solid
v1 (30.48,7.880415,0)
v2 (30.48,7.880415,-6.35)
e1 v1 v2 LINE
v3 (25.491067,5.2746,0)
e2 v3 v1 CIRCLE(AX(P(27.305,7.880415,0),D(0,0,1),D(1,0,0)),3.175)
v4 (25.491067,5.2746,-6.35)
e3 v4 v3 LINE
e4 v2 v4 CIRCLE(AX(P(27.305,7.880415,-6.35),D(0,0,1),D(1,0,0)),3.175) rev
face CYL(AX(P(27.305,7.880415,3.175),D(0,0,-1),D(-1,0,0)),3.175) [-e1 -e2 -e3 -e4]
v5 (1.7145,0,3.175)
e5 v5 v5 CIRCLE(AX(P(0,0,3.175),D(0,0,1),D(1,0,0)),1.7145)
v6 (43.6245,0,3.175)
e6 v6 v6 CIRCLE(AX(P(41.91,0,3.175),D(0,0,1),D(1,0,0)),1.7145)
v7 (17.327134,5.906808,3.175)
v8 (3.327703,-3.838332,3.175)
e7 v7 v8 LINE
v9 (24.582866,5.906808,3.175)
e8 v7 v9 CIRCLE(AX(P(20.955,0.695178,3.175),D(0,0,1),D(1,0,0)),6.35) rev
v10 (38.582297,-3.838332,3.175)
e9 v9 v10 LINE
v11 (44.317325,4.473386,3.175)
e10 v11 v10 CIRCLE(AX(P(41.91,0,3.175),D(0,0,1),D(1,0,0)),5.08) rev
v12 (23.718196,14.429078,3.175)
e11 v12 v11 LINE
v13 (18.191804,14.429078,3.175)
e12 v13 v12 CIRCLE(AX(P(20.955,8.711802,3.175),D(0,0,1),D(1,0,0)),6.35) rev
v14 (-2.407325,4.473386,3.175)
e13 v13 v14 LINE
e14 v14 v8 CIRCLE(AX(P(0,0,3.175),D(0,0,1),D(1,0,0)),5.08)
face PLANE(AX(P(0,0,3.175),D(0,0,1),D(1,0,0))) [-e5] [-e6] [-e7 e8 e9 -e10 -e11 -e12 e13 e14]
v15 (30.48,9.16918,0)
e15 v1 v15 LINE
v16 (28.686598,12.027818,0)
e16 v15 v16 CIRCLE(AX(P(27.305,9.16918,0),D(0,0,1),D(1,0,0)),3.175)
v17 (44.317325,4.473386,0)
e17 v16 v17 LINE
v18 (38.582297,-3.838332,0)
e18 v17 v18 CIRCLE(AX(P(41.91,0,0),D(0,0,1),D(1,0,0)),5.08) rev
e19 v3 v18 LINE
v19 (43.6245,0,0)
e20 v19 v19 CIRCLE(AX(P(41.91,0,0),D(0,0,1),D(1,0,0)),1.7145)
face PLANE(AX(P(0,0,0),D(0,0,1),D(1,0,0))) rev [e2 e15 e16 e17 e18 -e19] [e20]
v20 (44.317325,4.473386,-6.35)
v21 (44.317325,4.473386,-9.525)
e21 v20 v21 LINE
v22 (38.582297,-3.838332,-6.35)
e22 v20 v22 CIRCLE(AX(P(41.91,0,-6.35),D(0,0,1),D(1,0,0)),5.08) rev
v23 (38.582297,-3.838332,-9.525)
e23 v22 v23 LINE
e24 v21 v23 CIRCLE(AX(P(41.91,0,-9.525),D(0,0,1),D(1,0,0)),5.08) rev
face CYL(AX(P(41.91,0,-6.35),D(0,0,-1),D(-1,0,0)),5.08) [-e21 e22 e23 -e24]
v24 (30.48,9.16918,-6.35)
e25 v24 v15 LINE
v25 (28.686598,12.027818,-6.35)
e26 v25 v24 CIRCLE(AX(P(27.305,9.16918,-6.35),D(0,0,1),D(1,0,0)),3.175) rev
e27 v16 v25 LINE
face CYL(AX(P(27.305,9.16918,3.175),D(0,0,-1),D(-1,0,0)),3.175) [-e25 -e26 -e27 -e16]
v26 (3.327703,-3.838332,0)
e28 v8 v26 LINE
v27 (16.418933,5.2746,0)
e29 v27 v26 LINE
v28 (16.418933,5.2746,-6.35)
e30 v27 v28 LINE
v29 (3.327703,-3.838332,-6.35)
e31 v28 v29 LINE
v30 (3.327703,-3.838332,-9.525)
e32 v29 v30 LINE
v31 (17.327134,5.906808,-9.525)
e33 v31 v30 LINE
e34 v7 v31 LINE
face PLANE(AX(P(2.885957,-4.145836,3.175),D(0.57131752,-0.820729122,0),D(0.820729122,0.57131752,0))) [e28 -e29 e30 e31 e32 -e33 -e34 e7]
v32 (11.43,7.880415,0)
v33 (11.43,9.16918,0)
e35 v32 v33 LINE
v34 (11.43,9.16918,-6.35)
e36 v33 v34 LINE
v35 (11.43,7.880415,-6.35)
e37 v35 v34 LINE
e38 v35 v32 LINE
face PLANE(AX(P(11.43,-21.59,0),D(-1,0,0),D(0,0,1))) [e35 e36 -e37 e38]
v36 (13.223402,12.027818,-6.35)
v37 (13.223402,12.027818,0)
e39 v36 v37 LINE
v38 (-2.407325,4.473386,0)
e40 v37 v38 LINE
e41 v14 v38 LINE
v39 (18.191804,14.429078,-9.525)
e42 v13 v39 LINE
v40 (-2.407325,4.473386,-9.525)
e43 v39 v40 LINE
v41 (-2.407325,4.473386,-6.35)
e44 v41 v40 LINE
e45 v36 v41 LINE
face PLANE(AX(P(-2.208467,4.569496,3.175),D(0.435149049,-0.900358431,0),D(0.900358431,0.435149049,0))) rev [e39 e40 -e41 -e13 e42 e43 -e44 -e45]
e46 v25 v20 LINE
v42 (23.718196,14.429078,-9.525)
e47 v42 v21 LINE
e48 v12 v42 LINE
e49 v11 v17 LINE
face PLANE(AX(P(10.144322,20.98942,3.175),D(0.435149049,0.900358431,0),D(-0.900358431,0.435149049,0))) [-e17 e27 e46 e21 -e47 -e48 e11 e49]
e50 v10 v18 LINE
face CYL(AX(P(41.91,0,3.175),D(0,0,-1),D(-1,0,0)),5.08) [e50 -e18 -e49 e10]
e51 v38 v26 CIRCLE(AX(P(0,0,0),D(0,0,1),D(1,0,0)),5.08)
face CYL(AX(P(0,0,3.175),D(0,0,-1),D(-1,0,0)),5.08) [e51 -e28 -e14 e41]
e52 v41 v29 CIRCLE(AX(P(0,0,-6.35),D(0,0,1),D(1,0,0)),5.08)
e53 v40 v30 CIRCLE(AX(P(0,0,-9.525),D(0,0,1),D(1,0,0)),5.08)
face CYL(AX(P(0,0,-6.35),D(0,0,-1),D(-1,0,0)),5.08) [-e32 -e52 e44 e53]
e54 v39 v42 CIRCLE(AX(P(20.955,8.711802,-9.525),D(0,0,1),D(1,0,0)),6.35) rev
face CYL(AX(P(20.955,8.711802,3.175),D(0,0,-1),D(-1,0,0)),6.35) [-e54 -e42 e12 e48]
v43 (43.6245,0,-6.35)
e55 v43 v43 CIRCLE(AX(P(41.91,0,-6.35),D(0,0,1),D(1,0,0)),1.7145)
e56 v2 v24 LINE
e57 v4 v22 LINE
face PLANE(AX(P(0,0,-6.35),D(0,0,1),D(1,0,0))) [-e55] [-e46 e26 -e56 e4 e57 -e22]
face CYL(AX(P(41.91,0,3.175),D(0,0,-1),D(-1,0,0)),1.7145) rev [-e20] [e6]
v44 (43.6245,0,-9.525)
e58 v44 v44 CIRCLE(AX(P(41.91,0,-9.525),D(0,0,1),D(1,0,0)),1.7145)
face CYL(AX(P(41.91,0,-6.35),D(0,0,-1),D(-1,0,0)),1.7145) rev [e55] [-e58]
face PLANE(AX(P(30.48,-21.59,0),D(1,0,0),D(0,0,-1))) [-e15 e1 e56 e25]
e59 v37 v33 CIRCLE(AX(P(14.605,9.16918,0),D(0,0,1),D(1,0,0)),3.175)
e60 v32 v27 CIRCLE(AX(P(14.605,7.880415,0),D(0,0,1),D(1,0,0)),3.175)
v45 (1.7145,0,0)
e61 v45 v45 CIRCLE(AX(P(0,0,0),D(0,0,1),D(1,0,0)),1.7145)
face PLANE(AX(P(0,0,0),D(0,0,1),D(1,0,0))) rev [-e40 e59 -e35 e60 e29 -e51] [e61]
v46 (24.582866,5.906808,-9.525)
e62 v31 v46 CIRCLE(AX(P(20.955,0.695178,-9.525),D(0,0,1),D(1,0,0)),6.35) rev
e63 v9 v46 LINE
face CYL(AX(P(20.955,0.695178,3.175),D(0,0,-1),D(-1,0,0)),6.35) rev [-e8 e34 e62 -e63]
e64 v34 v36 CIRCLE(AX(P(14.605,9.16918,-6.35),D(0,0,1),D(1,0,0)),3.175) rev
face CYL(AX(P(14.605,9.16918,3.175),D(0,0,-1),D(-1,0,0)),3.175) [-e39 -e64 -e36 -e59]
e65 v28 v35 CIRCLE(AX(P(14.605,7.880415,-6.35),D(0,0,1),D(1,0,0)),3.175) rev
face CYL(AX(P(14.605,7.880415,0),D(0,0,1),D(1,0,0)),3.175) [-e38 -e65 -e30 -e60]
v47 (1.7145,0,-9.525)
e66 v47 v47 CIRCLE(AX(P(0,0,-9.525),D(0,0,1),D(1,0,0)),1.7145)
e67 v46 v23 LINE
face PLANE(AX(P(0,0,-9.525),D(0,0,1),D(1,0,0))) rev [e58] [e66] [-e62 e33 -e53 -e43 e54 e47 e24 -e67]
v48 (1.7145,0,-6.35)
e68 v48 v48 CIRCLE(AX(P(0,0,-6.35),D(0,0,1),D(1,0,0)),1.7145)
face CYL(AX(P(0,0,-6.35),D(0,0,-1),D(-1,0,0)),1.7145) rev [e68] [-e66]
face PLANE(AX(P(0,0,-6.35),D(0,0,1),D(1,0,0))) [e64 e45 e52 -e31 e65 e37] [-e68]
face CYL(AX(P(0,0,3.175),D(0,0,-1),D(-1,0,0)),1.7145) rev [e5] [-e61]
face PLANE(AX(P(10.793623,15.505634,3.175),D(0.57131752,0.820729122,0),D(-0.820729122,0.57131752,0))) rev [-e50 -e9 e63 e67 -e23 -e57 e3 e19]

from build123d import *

# Parameters (mm, degrees)
SKETCH3_R           = 1.7145000000000004
SKETCH3_R_2         = 1.7144999999999995
BOSS_EXTRUDE1_DEPTH = 3.175
BOSS_EXTRUDE2_DEPTH = 36.83
LPATTERN2_COUNT     = 2
LPATTERN2_PITCH     = 9.525
CUT_EXTRUDE1_DEPTH  = 54.24920844482103
FILLET1_R           = 3.175


with BuildPart() as part:
    # Sketch3 → Boss-Extrude1 (new body)
    with BuildSketch(Plane.XY):
        with BuildLine():
            ThreePointArc((23.718196461855243, 14.429078391112267), (20.955, 15.061802351494215), (18.191803538144754, 14.429078391112267))
            Line((18.191803538144754, 14.429078391112265), (-2.009608404339229, 4.6656054335111925))
            Line((-2.009608404339229, 4.6656054335111925), (-2.407325349839823, 4.473386263225946))
            ThreePointArc((-2.4073253498398226, 4.473386263225944), (-4.1812606420695575, -2.885040631096911), (3.3277025000445404, -3.83833245970139))
            Line((3.3277025000445413, -3.8383324597013875), (17.32713374877397, 5.9068077182607865))
            ThreePointArc((17.32713374877397, 5.9068077182607865), (20.955, 7.045177794406333), (24.58286625122603, 5.90680771826079))
            Line((24.58286625122603, 5.906807718260788), (38.58229749995545, -3.838332459701375))
            ThreePointArc((38.58229749995546, -3.8383324597013706), (46.09126064206956, -2.8850406310969055), (44.31732534983981, 4.4733862632259465))
            Line((44.31732534983981, 4.473386263225951), (43.91960840433945, 4.665605433511086))
            Line((43.91960840433945, 4.665605433511086), (23.718196461855243, 14.429078391112267))
        make_face()
        Circle(SKETCH3_R, mode=Mode.SUBTRACT)
        with Locations((41.91, 0)):
            Circle(SKETCH3_R_2, mode=Mode.SUBTRACT)
    boss_extrude1 = extrude(amount=BOSS_EXTRUDE1_DEPTH)

    # Sketch4 → Boss-Extrude2 (add)
    with BuildSketch(Plane(origin=(0, 15.239999999999998, 0), x_dir=(1, 0, 0), z_dir=(0, 1, 0))):
        Polygon((11.43, 0), (30.480000000000004, 2.33e-15), (30.48, 6.350000000000002), (11.43, 6.35), align=None)
    extrude(amount=-BOSS_EXTRUDE2_DEPTH)

    # LPattern2: Boss-Extrude1 ×2
    with Locations(*[(0, 0, -i * LPATTERN2_PITCH) for i in range(1, LPATTERN2_COUNT)]):
        add(boss_extrude1)

    # Sketch5 → Cut-Extrude1 (cut, through all)
    with BuildSketch(Plane.XY.offset(3.175)):
        with BuildLine():
            Line((36.195, 8.398958601029964), (23.718196461855243, 14.429078391112268))
            ThreePointArc((23.718196461855243, 14.429078391112268), (20.955, 15.061802351494219), (18.191803538144754, 14.429078391112267))
            Line((18.191803538144754, 14.429078391112267), (5.715000000000005, 8.39895860102995))
            Line((5.715000000000005, 8.39895860102995), (5.714999999999998, 15.239999999999984))
            Line((5.714999999999998, 15.239999999999984), (36.195, 15.239999999999998))
            Line((36.195, 15.239999999999998), (36.195, 8.398958601029964))
        make_face()
        with BuildLine():
            Line((30.480000000000004, 1.8017555908602794), (24.58286625122603, 5.906807718260787))
            ThreePointArc((24.58286625122603, 5.906807718260787), (20.955000000000002, 7.045177794406331), (17.327133748773974, 5.906807718260784))
            Line((17.327133748773974, 5.906807718260784), (11.430000000000003, 1.8017555908602725))
            Line((11.430000000000003, 1.8017555908602725), (11.430000000000026, -23.117342691118424))
            Line((11.430000000000026, -23.117342691118424), (30.480000000000004, -23.117342691118413))
            Line((30.480000000000004, -23.117342691118413), (30.480000000000004, 1.8017555908602794))
        make_face()
    extrude(amount=-CUT_EXTRUDE1_DEPTH, mode=Mode.SUBTRACT)

    # Fillet1
    fillet1_edges = [part.edges().sort_by_distance(p)[0] for p in [
        (30.480000000000004, 1.8017555908602794, -3.1750000000000016),
        (11.430000000000003, 1.8017555908602725, -3.175),
        (30.48, 11.161055038227271, -3.1750000000000016),
        (11.43, 11.16105503822726, -3.1749999999999994),
    ]]
    fillet(fillet1_edges, radius=FILLET1_R)


solid = part.part
